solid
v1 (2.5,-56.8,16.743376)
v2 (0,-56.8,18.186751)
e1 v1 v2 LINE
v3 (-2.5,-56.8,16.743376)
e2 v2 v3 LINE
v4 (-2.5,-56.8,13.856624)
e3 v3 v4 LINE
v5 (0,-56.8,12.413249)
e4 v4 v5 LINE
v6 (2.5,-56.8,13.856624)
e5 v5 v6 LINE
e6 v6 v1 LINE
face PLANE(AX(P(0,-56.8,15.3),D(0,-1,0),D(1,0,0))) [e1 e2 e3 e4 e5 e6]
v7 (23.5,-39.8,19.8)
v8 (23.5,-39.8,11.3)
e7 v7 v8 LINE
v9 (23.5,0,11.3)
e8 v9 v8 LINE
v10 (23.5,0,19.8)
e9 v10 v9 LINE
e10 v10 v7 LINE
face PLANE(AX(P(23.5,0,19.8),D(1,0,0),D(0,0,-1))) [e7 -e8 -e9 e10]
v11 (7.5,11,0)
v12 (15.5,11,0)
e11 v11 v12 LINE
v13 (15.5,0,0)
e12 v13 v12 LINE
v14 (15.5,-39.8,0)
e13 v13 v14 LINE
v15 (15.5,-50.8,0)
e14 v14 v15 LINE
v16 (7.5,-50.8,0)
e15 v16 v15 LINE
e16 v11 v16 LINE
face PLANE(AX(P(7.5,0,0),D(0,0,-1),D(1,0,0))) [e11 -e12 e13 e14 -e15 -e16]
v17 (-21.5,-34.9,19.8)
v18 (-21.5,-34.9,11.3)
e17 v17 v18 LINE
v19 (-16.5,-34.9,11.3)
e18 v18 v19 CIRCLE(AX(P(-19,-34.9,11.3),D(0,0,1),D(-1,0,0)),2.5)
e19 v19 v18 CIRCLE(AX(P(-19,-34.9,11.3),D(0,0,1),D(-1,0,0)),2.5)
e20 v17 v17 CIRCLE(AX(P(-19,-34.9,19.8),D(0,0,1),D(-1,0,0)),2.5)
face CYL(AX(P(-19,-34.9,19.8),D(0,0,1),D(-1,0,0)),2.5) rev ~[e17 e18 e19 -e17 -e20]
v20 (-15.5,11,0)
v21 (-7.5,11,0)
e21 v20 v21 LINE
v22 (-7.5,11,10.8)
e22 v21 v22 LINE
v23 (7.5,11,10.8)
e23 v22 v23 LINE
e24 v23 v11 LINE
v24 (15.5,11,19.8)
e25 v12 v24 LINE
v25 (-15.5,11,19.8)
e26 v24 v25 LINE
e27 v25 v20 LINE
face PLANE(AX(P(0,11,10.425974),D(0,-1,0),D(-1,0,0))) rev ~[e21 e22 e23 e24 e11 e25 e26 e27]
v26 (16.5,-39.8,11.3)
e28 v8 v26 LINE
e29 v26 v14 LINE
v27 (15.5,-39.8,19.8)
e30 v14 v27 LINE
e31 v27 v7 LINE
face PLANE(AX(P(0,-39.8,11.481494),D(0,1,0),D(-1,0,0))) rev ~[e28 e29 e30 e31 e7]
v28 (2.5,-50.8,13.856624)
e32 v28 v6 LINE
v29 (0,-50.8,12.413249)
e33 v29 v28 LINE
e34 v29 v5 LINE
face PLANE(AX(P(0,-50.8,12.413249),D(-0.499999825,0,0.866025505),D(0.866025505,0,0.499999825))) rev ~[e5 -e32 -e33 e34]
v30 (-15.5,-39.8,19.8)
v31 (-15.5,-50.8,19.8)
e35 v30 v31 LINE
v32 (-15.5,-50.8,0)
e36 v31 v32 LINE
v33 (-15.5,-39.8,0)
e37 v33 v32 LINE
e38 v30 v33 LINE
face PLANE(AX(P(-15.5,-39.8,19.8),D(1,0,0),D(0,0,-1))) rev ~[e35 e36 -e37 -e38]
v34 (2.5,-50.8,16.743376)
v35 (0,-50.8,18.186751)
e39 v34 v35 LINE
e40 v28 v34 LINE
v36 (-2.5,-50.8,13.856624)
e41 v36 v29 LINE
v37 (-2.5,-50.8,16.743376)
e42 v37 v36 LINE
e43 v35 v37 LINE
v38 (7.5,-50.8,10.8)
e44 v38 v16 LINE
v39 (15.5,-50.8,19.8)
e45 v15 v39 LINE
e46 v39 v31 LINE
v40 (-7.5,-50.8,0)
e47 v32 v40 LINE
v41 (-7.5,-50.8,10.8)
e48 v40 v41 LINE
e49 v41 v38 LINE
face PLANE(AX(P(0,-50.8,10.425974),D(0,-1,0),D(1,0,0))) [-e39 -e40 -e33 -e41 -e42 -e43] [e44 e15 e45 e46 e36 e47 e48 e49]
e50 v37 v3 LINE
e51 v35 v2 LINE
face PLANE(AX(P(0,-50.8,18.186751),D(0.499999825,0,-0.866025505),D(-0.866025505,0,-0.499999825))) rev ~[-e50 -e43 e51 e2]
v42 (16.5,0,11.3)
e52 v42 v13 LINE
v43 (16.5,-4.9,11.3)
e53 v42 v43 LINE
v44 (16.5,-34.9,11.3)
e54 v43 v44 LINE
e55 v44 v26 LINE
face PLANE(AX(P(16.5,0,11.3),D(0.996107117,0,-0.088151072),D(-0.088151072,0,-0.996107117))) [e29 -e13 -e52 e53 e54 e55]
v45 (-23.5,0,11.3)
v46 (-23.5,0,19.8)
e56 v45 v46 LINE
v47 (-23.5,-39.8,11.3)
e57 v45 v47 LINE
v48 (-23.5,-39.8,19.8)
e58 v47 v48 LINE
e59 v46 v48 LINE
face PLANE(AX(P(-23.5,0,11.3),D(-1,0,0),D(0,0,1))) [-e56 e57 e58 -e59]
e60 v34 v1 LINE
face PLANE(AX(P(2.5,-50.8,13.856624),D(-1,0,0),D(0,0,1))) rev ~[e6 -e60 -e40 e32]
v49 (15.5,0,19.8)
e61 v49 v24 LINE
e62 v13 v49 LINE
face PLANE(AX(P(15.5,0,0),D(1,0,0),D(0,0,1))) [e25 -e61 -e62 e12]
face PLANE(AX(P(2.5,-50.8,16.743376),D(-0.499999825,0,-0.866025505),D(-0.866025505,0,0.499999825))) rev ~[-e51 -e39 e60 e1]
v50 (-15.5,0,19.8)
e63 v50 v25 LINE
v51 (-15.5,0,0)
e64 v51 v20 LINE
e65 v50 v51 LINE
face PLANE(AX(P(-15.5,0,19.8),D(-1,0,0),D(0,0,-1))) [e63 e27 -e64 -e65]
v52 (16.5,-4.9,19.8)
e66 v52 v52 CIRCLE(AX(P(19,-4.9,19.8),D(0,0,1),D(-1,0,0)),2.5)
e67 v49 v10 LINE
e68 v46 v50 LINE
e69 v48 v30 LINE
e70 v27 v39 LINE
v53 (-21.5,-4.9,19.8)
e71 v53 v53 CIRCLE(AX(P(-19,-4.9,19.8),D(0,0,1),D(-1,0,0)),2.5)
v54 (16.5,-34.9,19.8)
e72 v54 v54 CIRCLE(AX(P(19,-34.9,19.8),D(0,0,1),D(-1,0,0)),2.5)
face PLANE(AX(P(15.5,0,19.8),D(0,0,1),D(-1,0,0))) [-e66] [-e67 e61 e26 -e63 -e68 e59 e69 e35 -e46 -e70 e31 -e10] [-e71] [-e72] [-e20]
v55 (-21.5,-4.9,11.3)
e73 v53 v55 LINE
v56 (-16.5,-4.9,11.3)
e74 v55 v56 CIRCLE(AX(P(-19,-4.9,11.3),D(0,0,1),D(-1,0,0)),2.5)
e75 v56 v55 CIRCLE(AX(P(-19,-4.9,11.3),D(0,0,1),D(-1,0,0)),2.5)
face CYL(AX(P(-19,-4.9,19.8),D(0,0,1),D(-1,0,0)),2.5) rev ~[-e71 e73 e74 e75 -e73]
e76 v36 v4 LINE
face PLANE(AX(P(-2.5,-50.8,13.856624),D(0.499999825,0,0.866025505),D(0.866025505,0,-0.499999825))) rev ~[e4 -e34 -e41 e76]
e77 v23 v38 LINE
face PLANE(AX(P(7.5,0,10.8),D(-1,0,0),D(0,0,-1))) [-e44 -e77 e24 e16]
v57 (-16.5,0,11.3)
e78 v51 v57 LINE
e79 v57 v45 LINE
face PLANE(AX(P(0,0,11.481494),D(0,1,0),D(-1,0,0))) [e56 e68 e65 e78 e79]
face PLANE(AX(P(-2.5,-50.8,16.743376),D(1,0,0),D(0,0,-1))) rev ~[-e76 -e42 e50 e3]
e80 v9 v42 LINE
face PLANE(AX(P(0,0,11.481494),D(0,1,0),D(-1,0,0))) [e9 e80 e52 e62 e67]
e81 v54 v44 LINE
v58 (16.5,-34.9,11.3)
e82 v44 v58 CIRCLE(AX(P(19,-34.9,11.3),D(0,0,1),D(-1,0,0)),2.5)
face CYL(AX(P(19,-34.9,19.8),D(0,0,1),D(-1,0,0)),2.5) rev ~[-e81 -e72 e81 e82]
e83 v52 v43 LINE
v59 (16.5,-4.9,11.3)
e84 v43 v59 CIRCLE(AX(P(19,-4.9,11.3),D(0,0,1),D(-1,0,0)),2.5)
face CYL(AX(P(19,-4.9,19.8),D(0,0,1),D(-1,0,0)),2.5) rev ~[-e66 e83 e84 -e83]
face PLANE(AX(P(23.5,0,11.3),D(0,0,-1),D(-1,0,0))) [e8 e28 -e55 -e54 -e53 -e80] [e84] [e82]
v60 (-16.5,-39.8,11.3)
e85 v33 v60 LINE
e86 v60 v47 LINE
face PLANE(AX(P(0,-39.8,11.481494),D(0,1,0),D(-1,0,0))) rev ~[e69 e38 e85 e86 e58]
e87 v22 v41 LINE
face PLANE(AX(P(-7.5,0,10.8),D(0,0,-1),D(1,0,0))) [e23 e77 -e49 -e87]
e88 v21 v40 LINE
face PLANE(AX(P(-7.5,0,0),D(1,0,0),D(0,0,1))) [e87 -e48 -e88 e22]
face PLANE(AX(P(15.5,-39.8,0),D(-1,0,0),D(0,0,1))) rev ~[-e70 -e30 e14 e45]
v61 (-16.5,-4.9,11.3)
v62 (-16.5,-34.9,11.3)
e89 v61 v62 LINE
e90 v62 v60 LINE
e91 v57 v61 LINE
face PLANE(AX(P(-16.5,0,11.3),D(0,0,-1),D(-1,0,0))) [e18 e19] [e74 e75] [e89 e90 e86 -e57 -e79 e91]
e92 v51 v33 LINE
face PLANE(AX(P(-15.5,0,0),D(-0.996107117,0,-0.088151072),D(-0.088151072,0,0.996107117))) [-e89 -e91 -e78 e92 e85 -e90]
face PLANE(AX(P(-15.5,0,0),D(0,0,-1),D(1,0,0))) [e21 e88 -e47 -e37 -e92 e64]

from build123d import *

# Parameters (mm, degrees)
PAD_DEPTH    = 39.8
PAD001_DEPTH = 11
PAD002_DEPTH = 11
PAD003_DEPTH = 6
SKETCH004_R  = 2.5
POCKET_DEPTH = 19.801


with BuildPart() as part:
    # Sketch → Pad (new body)
    with BuildSketch(Plane.XZ):
        Polygon((-23.5, 19.8), (23.5, 19.8), (23.5, 11.3), (16.5, 11.3), (15.5, 0), (7.5, 0), (7.5, 10.8), (-7.5, 10.8), (-7.5, 0), (-15.5, 0), (-16.5, 11.3), (-23.5, 11.3), align=None)
    extrude(amount=PAD_DEPTH)

    # Sketch001 (on Face14 of Pad) → Pad001 (join)
    with BuildSketch(Plane.XZ.offset(39.8)):
        Polygon((-15.5, 0), (-7.5, 0), (-7.5, 10.8), (7.5, 10.8), (7.5, 0), (15.5, 0), (15.5, 19.8), (-15.5, 19.8), align=None)
    extrude(amount=PAD001_DEPTH)

    # Sketch002 (on Face4 of Pad001) → Pad002 (join)
    with BuildSketch(Plane(origin=(0, 0, 0), x_dir=(1, 0, 0), z_dir=(0, 1, 0))):
        Polygon((-15.5, 0), (-7.5, 0), (-7.5, -10.8), (7.5, -10.8), (7.5, 0), (15.5, 0), (15.5, -19.8), (-15.5, -19.8), align=None)
    extrude(amount=PAD002_DEPTH)

    # Sketch003 (on Face19 of Pad002) → Pad003 (join)
    with BuildSketch(Plane.XZ.offset(50.8)):
        Polygon((0, 12.413249), (2.5, 13.856624), (2.5, 16.743376), (0, 18.186751), (-2.5, 16.743376), (-2.5, 13.856624), align=None)
    extrude(amount=PAD003_DEPTH)

    # Sketch004 (on Face1 of Pad003) → Pocket (cut, through all)
    with BuildSketch(Plane(origin=(0, 0, 19.8), x_dir=(-1, 0, 0), z_dir=(0, 0, 1))):
        with Locations((-19, 34.9)):
            Circle(SKETCH004_R)
        with Locations((-19, 4.9)):
            Circle(SKETCH004_R)
        with Locations((19, 4.9)):
            Circle(SKETCH004_R)
        with Locations((19, 34.9)):
            Circle(SKETCH004_R)
    extrude(amount=-POCKET_DEPTH, mode=Mode.SUBTRACT)


solid = part.part
